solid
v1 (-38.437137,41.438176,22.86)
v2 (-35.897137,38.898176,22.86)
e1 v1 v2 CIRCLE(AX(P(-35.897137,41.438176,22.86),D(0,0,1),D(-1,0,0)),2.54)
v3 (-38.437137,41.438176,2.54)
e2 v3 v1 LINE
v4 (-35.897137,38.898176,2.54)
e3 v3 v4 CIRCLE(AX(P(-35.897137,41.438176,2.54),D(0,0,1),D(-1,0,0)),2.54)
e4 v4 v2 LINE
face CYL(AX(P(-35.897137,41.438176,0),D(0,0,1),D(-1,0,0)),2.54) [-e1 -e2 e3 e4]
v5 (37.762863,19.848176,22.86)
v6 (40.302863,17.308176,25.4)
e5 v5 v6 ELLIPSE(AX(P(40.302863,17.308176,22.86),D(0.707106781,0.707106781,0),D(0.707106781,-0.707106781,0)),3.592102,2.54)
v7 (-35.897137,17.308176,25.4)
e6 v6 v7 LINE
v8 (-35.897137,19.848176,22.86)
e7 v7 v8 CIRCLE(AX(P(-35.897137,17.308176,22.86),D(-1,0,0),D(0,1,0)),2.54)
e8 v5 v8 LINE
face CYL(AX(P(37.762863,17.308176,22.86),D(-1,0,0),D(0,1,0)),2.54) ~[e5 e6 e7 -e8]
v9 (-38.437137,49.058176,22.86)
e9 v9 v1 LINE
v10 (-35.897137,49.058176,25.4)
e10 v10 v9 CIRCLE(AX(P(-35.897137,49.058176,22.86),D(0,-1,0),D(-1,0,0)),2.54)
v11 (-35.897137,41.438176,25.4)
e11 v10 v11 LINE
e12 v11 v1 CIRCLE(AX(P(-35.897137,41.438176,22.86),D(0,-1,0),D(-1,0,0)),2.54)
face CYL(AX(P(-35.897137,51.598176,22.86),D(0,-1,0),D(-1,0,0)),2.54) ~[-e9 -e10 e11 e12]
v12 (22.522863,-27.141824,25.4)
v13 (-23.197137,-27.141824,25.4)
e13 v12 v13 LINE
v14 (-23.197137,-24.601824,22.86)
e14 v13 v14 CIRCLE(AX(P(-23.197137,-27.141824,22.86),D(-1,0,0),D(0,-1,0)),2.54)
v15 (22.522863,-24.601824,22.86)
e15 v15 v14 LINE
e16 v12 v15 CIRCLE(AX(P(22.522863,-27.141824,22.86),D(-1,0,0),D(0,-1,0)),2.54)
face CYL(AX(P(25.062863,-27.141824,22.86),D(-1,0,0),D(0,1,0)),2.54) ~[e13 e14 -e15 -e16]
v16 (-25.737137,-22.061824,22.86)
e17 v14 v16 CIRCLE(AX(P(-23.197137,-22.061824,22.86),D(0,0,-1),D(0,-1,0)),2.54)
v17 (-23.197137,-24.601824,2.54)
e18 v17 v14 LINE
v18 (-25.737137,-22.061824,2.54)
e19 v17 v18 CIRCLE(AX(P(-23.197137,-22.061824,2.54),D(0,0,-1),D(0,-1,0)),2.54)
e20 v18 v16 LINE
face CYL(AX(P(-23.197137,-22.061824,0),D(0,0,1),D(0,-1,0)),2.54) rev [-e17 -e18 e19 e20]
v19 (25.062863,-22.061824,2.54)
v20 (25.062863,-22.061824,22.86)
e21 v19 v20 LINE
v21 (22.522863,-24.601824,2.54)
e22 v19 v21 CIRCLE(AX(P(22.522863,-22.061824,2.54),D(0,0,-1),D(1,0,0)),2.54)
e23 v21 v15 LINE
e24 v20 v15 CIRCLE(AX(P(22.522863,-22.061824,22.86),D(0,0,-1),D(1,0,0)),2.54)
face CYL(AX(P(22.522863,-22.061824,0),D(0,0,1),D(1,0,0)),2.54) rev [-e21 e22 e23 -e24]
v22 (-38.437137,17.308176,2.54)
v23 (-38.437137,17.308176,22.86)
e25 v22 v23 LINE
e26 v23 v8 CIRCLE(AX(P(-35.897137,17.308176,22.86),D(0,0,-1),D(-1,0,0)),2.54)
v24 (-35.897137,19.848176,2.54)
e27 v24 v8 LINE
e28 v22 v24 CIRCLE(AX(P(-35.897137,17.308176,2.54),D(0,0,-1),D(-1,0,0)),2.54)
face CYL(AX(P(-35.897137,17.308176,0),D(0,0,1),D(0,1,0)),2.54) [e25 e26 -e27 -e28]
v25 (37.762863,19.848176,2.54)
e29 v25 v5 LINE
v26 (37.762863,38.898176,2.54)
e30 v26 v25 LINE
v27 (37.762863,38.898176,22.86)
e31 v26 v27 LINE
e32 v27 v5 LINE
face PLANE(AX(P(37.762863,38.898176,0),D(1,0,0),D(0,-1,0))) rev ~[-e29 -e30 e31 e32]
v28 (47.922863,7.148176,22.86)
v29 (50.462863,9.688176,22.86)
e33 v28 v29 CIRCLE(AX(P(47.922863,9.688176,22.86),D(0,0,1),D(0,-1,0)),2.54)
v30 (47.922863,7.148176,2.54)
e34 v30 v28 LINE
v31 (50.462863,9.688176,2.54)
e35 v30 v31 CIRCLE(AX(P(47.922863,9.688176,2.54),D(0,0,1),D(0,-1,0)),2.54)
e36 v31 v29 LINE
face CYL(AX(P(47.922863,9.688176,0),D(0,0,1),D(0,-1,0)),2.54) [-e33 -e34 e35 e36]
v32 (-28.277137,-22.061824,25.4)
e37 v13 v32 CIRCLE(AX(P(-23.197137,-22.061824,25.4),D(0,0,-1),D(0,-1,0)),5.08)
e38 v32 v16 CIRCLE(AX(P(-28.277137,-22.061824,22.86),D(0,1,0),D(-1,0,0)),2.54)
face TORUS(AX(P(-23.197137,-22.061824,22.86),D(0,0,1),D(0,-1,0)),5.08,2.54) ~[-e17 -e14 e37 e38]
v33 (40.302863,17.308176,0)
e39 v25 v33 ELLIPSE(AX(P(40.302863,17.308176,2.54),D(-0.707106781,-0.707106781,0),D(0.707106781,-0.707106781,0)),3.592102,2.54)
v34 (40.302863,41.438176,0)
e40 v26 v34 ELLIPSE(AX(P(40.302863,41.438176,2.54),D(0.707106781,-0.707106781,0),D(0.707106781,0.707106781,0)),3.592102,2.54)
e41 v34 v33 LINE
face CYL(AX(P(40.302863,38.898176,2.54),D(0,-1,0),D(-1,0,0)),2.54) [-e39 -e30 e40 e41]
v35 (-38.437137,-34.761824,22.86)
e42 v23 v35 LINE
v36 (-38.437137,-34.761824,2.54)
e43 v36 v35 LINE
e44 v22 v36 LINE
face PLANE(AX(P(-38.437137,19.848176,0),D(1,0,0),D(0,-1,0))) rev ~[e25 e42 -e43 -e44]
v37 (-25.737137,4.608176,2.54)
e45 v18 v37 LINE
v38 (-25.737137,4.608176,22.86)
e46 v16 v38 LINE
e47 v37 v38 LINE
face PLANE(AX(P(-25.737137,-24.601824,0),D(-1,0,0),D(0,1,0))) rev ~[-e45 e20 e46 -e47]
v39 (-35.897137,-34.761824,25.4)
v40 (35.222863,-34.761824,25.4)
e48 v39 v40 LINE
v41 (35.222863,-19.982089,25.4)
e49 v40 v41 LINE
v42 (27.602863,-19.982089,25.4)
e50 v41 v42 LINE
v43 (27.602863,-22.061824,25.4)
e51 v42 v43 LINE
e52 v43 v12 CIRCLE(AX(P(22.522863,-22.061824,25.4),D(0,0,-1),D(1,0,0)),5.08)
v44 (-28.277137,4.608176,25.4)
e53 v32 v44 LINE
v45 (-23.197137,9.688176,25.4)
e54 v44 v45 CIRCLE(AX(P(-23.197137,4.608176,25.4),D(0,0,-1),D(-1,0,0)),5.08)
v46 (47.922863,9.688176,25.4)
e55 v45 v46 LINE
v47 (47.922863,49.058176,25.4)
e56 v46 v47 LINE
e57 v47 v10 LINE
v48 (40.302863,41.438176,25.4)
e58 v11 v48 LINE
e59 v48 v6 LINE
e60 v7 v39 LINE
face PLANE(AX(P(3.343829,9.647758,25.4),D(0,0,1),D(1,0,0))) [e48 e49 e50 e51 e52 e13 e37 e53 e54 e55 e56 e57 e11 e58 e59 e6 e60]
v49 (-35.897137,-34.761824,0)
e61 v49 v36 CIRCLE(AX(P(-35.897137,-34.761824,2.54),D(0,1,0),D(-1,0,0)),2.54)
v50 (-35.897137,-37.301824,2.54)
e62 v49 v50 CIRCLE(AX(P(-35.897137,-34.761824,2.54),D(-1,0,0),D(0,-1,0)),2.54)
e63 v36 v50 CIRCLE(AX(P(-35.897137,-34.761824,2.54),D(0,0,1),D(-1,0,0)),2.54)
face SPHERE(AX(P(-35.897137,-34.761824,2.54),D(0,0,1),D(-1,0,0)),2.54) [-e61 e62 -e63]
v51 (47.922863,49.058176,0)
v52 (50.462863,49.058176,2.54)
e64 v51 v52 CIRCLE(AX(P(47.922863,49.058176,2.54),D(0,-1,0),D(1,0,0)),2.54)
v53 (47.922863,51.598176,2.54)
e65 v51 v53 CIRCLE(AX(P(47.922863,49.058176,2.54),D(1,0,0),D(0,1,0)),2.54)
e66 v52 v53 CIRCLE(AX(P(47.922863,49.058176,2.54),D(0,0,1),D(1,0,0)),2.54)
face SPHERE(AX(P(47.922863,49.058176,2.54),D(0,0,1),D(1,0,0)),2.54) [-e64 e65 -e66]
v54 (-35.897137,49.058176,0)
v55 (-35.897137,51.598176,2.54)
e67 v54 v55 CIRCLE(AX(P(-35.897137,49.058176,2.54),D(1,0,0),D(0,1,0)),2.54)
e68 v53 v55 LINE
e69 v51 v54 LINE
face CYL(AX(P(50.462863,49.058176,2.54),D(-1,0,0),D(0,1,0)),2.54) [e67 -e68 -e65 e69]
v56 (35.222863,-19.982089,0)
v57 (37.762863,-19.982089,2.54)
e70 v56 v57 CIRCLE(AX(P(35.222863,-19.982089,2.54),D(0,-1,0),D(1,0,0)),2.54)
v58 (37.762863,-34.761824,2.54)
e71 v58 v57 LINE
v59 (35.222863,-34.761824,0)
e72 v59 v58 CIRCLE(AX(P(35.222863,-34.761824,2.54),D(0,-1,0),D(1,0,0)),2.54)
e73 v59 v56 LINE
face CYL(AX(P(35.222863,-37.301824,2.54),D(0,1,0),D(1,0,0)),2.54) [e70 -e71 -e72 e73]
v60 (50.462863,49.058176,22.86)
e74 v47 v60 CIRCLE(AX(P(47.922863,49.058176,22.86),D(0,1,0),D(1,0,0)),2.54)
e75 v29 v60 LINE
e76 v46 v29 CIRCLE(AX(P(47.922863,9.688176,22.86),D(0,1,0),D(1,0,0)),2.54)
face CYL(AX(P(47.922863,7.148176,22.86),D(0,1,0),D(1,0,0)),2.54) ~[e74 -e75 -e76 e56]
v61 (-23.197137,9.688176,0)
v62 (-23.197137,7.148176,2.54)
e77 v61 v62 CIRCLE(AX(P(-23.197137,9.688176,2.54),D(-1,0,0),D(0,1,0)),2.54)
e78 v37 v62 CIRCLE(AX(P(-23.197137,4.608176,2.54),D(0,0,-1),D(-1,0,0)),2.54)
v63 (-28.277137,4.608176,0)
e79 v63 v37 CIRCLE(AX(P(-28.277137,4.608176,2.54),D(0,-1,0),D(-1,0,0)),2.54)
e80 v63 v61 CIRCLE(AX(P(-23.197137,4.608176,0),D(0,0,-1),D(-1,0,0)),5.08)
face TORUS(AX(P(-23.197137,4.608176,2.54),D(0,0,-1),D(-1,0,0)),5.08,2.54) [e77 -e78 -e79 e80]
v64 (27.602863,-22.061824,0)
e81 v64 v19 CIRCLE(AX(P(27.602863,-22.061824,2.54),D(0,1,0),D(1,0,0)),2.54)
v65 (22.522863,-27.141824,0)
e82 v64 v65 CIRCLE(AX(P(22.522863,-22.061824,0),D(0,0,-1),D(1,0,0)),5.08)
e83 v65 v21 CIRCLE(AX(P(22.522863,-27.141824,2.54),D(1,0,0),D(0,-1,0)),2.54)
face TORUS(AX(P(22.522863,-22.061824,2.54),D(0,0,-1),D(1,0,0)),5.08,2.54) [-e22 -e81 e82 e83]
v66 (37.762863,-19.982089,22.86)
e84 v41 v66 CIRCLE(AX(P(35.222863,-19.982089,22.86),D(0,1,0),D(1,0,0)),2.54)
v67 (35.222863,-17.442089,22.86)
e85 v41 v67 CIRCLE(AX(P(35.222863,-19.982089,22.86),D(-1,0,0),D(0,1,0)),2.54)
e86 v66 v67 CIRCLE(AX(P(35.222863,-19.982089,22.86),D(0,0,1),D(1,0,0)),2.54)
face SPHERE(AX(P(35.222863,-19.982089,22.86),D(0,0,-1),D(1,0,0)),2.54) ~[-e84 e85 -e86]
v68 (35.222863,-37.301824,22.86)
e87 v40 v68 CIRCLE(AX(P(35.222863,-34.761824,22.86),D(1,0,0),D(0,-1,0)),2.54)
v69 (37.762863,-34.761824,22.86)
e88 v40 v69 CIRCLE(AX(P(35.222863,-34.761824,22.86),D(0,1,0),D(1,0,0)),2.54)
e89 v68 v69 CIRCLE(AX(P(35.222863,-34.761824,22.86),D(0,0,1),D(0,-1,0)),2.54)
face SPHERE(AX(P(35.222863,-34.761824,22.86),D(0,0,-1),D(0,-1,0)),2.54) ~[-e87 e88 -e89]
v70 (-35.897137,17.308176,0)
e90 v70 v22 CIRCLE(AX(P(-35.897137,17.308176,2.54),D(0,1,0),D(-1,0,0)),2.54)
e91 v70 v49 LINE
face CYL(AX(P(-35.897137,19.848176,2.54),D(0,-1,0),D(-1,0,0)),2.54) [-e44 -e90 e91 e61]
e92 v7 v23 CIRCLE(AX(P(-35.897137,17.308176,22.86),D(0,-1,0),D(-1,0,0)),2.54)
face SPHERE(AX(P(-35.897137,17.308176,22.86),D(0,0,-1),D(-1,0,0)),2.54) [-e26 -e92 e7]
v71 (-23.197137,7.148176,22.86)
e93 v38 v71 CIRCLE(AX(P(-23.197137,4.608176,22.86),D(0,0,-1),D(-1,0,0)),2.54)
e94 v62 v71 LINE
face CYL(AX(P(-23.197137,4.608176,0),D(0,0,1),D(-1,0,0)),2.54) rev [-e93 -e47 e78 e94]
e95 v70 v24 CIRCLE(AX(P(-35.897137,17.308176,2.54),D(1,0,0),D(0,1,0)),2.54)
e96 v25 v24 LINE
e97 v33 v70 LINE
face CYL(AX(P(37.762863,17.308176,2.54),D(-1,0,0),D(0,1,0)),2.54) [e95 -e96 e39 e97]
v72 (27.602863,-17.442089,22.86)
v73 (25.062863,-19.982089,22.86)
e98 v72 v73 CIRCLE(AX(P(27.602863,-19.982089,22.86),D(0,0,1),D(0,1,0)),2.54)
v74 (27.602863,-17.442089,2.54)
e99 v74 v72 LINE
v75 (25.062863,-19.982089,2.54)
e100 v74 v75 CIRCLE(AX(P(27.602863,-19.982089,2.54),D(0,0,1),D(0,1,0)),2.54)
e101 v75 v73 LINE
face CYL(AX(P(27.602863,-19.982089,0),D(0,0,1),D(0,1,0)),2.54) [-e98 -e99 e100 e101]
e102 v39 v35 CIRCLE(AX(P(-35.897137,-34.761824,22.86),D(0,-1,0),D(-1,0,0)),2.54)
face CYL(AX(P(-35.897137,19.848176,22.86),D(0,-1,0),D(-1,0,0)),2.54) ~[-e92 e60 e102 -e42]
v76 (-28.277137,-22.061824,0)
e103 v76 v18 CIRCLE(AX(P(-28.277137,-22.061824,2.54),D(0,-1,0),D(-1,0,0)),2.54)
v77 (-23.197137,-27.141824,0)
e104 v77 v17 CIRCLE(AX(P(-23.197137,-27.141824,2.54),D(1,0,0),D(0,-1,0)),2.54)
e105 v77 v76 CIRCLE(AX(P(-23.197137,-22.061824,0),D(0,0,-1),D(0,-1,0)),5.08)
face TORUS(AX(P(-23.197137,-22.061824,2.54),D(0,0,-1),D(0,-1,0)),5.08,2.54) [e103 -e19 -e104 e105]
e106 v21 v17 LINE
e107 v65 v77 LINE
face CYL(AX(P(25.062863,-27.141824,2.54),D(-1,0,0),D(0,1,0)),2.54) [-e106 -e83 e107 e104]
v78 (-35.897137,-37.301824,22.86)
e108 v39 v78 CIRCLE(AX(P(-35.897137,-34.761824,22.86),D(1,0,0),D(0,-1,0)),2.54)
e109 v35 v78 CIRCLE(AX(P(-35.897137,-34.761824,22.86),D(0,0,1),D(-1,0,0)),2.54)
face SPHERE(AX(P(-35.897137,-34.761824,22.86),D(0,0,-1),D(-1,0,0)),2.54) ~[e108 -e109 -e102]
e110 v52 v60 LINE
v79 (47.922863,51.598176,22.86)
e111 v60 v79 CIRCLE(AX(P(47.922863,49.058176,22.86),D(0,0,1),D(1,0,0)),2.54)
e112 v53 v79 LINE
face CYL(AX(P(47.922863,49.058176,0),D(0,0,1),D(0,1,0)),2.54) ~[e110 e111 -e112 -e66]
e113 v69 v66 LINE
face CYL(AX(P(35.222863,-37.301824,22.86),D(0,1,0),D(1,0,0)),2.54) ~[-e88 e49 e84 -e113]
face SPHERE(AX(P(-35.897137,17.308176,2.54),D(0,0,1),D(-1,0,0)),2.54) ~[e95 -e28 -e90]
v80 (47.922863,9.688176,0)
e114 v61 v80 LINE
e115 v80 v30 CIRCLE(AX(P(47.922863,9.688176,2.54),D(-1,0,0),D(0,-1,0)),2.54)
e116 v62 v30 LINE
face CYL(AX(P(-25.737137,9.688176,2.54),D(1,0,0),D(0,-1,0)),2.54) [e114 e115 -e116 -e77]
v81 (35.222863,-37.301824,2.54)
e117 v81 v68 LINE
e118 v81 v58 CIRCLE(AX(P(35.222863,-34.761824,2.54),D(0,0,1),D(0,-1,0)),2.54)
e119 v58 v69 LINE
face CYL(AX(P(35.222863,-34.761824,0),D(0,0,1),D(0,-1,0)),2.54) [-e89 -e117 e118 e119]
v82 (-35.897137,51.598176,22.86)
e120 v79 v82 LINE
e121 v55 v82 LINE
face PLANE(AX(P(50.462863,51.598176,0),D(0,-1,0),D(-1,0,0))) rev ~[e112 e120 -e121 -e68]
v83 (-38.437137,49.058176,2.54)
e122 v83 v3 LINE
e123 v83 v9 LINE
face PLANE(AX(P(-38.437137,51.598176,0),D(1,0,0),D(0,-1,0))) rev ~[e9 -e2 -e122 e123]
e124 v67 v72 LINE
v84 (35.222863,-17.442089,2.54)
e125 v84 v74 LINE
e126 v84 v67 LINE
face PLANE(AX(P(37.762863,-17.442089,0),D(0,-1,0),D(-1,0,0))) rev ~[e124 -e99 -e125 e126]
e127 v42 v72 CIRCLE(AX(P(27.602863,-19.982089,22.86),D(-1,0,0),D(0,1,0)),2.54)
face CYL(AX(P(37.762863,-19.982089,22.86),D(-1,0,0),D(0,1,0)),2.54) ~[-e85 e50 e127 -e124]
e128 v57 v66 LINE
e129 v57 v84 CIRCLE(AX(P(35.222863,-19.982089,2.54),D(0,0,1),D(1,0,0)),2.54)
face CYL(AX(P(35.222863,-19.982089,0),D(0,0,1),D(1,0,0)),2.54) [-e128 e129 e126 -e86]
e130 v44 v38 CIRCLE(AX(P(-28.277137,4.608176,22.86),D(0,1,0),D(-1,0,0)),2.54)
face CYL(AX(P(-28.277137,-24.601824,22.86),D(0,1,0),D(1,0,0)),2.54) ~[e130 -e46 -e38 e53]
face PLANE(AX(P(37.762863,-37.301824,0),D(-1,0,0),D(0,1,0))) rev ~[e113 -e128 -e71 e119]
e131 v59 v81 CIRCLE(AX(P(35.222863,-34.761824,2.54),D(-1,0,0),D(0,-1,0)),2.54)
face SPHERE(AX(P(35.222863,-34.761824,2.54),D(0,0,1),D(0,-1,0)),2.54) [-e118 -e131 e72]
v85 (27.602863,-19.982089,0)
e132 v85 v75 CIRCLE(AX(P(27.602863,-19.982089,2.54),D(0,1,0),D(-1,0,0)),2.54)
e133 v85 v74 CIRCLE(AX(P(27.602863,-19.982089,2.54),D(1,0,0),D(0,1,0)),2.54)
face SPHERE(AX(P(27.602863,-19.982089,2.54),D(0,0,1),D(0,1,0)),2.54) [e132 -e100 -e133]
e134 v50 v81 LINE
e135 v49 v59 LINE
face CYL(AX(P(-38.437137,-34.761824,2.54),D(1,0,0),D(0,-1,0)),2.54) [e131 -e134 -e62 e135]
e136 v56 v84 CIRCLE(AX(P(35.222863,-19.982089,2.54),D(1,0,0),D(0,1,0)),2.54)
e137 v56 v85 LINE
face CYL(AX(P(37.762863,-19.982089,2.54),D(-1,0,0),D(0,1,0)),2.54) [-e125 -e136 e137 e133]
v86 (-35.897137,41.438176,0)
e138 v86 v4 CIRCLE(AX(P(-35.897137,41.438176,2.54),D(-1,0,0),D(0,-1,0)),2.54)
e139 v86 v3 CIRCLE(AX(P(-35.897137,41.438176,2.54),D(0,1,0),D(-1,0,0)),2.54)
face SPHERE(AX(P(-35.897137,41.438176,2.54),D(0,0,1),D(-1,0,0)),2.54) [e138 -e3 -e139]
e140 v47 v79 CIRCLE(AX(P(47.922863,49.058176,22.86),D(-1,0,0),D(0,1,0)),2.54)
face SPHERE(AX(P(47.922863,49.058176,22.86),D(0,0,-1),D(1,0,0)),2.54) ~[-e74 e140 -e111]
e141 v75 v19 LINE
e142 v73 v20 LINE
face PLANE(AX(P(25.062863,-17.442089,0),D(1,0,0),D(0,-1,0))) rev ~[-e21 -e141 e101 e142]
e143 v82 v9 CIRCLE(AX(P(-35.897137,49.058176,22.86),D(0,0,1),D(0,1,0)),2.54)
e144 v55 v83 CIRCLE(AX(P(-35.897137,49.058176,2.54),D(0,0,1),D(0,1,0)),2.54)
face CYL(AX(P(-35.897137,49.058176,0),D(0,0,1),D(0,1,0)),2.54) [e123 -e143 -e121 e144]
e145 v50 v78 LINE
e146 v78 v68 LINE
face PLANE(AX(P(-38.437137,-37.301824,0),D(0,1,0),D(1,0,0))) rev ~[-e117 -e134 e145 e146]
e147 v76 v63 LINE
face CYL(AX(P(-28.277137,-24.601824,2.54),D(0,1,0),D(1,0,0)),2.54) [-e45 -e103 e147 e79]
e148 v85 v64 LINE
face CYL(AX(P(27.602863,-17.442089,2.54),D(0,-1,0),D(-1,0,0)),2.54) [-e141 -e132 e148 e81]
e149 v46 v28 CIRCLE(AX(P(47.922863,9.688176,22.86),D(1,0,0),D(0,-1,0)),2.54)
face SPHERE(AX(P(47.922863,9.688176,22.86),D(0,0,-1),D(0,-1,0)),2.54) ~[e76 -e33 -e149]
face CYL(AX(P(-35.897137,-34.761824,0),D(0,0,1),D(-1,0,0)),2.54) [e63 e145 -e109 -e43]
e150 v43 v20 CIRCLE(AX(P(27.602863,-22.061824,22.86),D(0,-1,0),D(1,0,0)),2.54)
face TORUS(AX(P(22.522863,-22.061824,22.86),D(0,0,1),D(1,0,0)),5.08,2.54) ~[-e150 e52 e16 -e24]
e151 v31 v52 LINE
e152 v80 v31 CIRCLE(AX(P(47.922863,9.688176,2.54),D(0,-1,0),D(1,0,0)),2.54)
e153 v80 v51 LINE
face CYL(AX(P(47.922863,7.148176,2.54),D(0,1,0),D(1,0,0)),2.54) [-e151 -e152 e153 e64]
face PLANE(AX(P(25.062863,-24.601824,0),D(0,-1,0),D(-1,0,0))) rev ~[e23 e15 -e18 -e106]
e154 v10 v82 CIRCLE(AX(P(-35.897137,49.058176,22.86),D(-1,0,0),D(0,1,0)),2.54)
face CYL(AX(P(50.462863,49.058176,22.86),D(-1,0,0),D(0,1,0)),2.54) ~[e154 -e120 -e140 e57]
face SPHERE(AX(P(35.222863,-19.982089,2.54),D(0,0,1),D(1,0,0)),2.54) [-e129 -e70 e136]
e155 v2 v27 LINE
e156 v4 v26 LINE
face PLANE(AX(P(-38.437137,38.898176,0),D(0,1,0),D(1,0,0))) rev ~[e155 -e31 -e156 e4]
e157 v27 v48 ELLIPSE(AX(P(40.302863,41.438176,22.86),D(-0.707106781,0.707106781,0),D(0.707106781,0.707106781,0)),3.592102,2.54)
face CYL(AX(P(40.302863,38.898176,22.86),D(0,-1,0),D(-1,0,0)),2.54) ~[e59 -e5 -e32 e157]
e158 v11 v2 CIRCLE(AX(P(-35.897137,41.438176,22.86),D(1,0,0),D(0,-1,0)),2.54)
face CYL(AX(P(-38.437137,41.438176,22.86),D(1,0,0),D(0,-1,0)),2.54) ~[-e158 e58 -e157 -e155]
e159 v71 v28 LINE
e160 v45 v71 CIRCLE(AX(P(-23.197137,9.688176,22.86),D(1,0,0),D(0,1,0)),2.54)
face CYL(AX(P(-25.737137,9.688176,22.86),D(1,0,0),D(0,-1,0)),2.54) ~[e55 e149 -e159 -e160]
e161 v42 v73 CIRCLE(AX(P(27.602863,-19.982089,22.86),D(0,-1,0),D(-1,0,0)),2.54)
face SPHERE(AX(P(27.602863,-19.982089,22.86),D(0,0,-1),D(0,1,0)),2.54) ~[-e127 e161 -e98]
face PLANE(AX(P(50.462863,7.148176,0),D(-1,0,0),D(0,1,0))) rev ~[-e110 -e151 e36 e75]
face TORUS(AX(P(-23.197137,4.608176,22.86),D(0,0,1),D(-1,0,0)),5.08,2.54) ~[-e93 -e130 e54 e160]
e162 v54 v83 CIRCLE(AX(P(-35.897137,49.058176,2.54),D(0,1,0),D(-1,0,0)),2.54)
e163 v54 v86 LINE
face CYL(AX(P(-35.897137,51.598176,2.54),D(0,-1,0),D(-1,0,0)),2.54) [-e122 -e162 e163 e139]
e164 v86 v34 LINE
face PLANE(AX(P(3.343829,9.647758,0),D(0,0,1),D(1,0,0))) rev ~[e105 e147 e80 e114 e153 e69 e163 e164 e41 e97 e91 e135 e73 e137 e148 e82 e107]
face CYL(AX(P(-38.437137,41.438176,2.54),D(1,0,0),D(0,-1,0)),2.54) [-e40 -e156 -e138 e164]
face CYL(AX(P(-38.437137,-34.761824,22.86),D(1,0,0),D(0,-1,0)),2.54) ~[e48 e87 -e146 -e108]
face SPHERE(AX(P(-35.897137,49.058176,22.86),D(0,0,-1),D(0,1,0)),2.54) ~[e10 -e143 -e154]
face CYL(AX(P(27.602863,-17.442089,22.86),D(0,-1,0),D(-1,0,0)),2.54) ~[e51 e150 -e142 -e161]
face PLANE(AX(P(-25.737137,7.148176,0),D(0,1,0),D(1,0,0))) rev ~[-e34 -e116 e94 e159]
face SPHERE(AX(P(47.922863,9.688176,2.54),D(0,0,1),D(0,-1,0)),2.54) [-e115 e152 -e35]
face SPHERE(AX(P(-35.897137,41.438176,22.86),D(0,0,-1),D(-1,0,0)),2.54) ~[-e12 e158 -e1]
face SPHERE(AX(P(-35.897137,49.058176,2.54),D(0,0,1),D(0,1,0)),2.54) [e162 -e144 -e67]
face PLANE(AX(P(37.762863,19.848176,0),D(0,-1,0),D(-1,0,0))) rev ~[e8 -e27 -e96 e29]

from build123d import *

# Parameters (mm, degrees)
F1_DEPTH = 25.4
F2_R     = 2.54


with BuildPart() as f1:
    # F0 (on Top) → F1 (new body)
    with BuildSketch(Plane.XY):
        Polygon((50.462863, 51.598176), (-38.437137, 51.598176), (-38.437137, 38.898176), (37.762863, 38.898176), (37.762863, 19.848176), (-38.437137, 19.848176), (-38.437137, -37.301824), (37.762863, -37.301824), (37.762863, -17.442089), (25.062863, -17.442089), (25.062863, -24.601824), (-25.737137, -24.601824), (-25.737137, 7.148176), (50.462863, 7.148176), align=None)
    extrude(amount=F1_DEPTH)

    # F2
    f2_edges = [f1.edges().sort_by_distance(p)[0] for p in [
        (-38.437137, 51.598176, 12.7),
        (50.462863, 51.598176, 12.7),
        (50.462863, 7.148176, 12.7),
        (-38.437137, 19.848176, 12.7),
        (-38.437137, -37.301824, 12.7),
        (37.762863, -37.301824, 12.7),
        (25.062863, -17.442089, 12.7),
        (37.762863, -17.442089, 12.7),
        (-25.737137, 7.148176, 12.7),
        (-25.737137, -24.601824, 12.7),
        (25.062863, -24.601824, 12.7),
        (-38.437137, 38.898176, 12.7),
        (-38.437137, -8.726824, 25.4),
        (-0.337137, -37.301824, 25.4),
        (37.762863, -27.371956, 25.4),
        (31.412863, -17.442089, 25.4),
        (25.062863, -21.021956, 25.4),
        (-0.337137, -24.601824, 25.4),
        (-25.737137, -8.726824, 25.4),
        (12.362863, 7.148176, 25.4),
        (50.462863, 29.373176, 25.4),
        (6.012863, 51.598176, 25.4),
        (-38.437137, 45.248176, 25.4),
        (-0.337137, 38.898176, 25.4),
        (37.762863, 29.373176, 25.4),
        (-0.337137, 19.848176, 25.4),
        (-38.437137, -8.726824, 0),
        (-0.337137, -37.301824, 0),
        (37.762863, -27.371956, 0),
        (31.412863, -17.442089, 0),
        (25.062863, -21.021956, 0),
        (-0.337137, -24.601824, 0),
        (-25.737137, -8.726824, 0),
        (12.362863, 7.148176, 0),
        (50.462863, 29.373176, 0),
        (6.012863, 51.598176, 0),
        (-38.437137, 45.248176, 0),
        (-0.337137, 38.898176, 0),
        (37.762863, 29.373176, 0),
        (-0.337137, 19.848176, 0),
    ]]
    fillet(f2_edges, radius=F2_R)


solid = f1.part
